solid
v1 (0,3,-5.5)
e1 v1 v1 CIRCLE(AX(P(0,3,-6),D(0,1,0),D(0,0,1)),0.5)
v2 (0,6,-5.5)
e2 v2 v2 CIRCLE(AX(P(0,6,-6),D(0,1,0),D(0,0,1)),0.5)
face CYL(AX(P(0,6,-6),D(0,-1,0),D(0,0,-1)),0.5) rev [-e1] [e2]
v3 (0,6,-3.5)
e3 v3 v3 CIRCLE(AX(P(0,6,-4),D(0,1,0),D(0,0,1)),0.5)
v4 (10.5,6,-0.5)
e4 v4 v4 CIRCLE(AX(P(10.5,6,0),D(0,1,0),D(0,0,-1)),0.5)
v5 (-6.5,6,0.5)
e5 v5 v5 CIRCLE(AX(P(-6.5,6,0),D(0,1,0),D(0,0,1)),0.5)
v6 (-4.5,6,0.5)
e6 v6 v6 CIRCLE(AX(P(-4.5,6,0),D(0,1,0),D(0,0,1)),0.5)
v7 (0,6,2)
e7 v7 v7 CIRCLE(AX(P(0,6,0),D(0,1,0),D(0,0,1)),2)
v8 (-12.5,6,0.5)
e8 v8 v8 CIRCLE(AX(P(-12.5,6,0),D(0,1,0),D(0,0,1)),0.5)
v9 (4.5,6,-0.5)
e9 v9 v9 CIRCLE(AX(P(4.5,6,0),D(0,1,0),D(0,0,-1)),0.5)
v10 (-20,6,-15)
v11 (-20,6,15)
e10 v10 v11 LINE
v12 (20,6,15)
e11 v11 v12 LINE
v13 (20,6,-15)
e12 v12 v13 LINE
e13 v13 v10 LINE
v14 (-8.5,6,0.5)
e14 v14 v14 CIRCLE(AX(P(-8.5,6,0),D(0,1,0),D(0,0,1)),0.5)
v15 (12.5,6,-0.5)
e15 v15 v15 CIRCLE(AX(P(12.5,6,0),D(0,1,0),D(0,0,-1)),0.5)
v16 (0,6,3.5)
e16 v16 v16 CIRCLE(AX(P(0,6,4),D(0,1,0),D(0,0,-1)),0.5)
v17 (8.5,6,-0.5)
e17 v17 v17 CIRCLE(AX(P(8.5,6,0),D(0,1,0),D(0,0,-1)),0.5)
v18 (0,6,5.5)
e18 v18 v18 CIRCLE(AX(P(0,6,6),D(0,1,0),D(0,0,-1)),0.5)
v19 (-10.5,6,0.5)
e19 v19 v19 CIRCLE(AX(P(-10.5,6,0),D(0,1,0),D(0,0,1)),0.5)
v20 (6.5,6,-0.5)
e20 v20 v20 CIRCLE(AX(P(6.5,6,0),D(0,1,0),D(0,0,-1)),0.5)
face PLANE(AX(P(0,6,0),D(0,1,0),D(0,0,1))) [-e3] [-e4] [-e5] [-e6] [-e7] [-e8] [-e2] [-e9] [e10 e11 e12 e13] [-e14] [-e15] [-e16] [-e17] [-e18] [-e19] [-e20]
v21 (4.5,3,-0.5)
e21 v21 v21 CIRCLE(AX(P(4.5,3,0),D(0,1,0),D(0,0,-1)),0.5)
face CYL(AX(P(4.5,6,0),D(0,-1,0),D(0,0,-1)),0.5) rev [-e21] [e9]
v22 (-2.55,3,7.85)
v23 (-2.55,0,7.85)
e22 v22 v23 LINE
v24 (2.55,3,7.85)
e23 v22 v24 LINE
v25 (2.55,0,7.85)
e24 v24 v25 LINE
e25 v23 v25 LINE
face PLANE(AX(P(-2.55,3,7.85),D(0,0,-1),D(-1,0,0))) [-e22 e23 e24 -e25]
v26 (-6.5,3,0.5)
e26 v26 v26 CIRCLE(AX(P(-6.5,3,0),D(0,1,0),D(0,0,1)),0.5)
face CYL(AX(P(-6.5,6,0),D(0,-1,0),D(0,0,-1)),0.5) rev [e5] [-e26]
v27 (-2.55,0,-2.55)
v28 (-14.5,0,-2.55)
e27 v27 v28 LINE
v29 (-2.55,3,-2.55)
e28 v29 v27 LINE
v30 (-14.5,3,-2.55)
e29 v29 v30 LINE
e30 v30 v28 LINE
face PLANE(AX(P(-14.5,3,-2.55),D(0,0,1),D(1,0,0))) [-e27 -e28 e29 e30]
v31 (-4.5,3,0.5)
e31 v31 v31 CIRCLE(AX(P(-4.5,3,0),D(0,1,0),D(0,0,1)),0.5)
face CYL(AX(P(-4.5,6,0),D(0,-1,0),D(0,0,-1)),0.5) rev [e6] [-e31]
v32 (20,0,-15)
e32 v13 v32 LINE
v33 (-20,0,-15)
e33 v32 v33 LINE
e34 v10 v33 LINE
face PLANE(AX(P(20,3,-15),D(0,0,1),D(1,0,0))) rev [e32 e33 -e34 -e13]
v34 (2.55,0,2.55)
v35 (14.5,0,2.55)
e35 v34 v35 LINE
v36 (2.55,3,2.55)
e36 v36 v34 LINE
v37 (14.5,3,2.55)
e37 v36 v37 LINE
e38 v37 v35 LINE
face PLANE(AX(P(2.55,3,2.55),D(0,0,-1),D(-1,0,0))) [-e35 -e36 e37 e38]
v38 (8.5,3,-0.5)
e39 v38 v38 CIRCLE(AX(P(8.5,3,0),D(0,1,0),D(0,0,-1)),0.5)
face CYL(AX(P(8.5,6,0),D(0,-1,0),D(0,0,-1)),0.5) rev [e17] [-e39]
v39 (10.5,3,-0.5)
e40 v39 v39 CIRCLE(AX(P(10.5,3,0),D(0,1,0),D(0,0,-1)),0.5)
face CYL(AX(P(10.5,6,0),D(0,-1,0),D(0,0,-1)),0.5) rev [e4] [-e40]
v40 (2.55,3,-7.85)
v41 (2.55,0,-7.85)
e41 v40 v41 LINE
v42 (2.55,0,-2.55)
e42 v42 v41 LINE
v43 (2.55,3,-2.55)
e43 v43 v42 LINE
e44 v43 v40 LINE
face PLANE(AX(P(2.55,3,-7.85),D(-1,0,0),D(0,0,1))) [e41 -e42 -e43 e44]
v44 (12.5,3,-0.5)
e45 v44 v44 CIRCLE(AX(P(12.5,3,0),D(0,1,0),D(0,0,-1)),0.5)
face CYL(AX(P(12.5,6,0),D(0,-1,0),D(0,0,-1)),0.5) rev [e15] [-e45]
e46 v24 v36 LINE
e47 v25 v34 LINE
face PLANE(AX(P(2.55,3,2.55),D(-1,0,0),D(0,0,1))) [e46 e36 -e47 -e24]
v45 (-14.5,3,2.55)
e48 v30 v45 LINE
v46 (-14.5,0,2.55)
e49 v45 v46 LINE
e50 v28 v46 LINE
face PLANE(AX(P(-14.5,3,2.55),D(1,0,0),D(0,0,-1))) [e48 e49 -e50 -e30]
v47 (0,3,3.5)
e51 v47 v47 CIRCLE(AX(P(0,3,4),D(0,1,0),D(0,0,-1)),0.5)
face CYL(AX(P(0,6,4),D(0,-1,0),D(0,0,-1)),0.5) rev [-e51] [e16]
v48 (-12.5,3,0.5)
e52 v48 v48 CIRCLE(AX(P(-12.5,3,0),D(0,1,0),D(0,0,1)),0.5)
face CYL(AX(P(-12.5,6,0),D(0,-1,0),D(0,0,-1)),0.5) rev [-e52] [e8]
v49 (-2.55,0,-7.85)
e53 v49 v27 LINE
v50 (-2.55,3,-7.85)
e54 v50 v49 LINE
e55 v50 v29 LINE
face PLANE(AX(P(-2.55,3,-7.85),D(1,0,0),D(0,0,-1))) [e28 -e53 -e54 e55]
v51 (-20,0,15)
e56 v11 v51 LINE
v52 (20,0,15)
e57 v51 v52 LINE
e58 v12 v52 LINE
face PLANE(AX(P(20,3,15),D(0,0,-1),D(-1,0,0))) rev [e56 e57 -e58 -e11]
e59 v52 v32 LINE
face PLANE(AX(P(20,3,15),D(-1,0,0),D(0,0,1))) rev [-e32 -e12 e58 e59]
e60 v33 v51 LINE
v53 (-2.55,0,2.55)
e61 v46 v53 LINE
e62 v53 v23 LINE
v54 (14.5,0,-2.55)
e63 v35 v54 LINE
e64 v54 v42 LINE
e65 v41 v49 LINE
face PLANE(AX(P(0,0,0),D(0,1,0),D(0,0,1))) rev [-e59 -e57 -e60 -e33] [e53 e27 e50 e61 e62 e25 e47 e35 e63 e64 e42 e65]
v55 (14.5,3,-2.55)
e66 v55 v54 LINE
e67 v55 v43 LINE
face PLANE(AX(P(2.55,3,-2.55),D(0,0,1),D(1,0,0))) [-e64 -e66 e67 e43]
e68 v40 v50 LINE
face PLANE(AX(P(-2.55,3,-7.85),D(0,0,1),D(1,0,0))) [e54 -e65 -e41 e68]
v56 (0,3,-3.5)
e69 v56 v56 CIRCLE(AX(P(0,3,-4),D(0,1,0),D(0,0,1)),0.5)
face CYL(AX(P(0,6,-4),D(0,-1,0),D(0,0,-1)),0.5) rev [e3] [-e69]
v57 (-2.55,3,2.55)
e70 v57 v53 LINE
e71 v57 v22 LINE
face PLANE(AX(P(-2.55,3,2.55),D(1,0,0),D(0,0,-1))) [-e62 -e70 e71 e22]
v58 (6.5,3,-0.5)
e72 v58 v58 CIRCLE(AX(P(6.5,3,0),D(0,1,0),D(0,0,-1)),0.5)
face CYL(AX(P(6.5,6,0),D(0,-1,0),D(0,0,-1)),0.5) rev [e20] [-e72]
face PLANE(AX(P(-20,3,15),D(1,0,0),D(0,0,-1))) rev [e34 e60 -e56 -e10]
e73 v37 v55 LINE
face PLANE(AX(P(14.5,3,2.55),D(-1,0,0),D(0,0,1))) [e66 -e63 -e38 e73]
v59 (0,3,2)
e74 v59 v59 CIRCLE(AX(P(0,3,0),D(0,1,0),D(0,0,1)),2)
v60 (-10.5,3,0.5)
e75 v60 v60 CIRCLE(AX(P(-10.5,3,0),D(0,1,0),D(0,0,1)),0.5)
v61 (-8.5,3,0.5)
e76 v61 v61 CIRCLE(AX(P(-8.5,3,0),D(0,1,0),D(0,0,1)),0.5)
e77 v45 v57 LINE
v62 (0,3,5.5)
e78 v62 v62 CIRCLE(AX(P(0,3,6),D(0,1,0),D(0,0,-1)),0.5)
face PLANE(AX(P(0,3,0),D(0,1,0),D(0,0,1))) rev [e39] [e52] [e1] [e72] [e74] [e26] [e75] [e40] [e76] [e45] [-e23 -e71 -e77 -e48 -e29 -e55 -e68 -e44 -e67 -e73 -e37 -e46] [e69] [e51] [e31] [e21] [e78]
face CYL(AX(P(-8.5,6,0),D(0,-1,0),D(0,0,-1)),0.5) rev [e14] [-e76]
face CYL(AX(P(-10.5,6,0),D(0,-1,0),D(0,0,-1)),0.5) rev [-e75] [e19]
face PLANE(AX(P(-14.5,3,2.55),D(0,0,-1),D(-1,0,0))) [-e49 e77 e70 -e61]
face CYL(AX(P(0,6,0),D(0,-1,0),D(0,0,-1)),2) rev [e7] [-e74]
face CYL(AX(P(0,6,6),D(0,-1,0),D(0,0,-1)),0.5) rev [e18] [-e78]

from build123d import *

# Parameters (mm, degrees)
SKETCH1_W           = 40
SKETCH1_H           = 30
BOSS_EXTRUDE1_DEPTH = 3
SKETCH2_W           = 40
SKETCH2_H           = 30
SKETCH2_R           = 2
SKETCH2_R_2         = 0.5
BOSS_EXTRUDE2_DEPTH = 3


with BuildPart() as part:
    # Sketch1 → Boss-Extrude1 (new body)
    with BuildSketch(Plane(origin=(0, 0, 0), x_dir=(1, 0, 0), z_dir=(0, 1, 0))):
        Rectangle(SKETCH1_W, SKETCH1_H)
        Polygon((-2.55, -2.55), (-2.55, -7.85), (2.55, -7.85), (2.55, -2.55), (14.5, -2.55), (14.5, 2.55), (2.55, 2.55), (2.55, 7.85), (-2.55, 7.85), (-2.55, 2.55), (-14.5, 2.55), (-14.5, -2.55), align=None, mode=Mode.SUBTRACT)
    extrude(amount=BOSS_EXTRUDE1_DEPTH)

    # Sketch2 → Boss-Extrude2 (add)
    with BuildSketch(Plane(origin=(0, 3, 0), x_dir=(1, 0, 0), z_dir=(0, 1, 0))):
        Rectangle(SKETCH2_W, SKETCH2_H)
        with Locations(Location((0, 0, 0), (0, 0, 270))):
            Circle(SKETCH2_R, mode=Mode.SUBTRACT)
        with Locations(Location((-4.5, 0, 0), (0, 0, 270))):
            Circle(SKETCH2_R_2, mode=Mode.SUBTRACT)
        with Locations(Location((-6.5, 0, 0), (0, 0, 270))):
            Circle(SKETCH2_R_2, mode=Mode.SUBTRACT)
        with Locations(Location((-8.5, 0, 0), (0, 0, 270))):
            Circle(SKETCH2_R_2, mode=Mode.SUBTRACT)
        with Locations(Location((-10.5, 0, 0), (0, 0, 270))):
            Circle(SKETCH2_R_2, mode=Mode.SUBTRACT)
        with Locations(Location((-12.5, 0, 0), (0, 0, 270))):
            Circle(SKETCH2_R_2, mode=Mode.SUBTRACT)
        with Locations(Location((0, 4, 0), (0, 0, 270))):
            Circle(SKETCH2_R_2, mode=Mode.SUBTRACT)
        with Locations(Location((0, 6, 0), (0, 0, 270))):
            Circle(SKETCH2_R_2, mode=Mode.SUBTRACT)
        with Locations(Location((12.5, 0, 0), (0, 0, 90))):
            Circle(SKETCH2_R_2, mode=Mode.SUBTRACT)
        with Locations(Location((10.5, 0, 0), (0, 0, 90))):
            Circle(SKETCH2_R_2, mode=Mode.SUBTRACT)
        with Locations(Location((8.5, 0, 0), (0, 0, 90))):
            Circle(SKETCH2_R_2, mode=Mode.SUBTRACT)
        with Locations(Location((6.5, 0, 0), (0, 0, 90))):
            Circle(SKETCH2_R_2, mode=Mode.SUBTRACT)
        with Locations(Location((4.5, 0, 0), (0, 0, 90))):
            Circle(SKETCH2_R_2, mode=Mode.SUBTRACT)
        with Locations(Location((0, -4, 0), (0, 0, 90))):
            Circle(SKETCH2_R_2, mode=Mode.SUBTRACT)
        with Locations(Location((0, -6, 0), (0, 0, 90))):
            Circle(SKETCH2_R_2, mode=Mode.SUBTRACT)
    extrude(amount=BOSS_EXTRUDE2_DEPTH)


solid = part.part
